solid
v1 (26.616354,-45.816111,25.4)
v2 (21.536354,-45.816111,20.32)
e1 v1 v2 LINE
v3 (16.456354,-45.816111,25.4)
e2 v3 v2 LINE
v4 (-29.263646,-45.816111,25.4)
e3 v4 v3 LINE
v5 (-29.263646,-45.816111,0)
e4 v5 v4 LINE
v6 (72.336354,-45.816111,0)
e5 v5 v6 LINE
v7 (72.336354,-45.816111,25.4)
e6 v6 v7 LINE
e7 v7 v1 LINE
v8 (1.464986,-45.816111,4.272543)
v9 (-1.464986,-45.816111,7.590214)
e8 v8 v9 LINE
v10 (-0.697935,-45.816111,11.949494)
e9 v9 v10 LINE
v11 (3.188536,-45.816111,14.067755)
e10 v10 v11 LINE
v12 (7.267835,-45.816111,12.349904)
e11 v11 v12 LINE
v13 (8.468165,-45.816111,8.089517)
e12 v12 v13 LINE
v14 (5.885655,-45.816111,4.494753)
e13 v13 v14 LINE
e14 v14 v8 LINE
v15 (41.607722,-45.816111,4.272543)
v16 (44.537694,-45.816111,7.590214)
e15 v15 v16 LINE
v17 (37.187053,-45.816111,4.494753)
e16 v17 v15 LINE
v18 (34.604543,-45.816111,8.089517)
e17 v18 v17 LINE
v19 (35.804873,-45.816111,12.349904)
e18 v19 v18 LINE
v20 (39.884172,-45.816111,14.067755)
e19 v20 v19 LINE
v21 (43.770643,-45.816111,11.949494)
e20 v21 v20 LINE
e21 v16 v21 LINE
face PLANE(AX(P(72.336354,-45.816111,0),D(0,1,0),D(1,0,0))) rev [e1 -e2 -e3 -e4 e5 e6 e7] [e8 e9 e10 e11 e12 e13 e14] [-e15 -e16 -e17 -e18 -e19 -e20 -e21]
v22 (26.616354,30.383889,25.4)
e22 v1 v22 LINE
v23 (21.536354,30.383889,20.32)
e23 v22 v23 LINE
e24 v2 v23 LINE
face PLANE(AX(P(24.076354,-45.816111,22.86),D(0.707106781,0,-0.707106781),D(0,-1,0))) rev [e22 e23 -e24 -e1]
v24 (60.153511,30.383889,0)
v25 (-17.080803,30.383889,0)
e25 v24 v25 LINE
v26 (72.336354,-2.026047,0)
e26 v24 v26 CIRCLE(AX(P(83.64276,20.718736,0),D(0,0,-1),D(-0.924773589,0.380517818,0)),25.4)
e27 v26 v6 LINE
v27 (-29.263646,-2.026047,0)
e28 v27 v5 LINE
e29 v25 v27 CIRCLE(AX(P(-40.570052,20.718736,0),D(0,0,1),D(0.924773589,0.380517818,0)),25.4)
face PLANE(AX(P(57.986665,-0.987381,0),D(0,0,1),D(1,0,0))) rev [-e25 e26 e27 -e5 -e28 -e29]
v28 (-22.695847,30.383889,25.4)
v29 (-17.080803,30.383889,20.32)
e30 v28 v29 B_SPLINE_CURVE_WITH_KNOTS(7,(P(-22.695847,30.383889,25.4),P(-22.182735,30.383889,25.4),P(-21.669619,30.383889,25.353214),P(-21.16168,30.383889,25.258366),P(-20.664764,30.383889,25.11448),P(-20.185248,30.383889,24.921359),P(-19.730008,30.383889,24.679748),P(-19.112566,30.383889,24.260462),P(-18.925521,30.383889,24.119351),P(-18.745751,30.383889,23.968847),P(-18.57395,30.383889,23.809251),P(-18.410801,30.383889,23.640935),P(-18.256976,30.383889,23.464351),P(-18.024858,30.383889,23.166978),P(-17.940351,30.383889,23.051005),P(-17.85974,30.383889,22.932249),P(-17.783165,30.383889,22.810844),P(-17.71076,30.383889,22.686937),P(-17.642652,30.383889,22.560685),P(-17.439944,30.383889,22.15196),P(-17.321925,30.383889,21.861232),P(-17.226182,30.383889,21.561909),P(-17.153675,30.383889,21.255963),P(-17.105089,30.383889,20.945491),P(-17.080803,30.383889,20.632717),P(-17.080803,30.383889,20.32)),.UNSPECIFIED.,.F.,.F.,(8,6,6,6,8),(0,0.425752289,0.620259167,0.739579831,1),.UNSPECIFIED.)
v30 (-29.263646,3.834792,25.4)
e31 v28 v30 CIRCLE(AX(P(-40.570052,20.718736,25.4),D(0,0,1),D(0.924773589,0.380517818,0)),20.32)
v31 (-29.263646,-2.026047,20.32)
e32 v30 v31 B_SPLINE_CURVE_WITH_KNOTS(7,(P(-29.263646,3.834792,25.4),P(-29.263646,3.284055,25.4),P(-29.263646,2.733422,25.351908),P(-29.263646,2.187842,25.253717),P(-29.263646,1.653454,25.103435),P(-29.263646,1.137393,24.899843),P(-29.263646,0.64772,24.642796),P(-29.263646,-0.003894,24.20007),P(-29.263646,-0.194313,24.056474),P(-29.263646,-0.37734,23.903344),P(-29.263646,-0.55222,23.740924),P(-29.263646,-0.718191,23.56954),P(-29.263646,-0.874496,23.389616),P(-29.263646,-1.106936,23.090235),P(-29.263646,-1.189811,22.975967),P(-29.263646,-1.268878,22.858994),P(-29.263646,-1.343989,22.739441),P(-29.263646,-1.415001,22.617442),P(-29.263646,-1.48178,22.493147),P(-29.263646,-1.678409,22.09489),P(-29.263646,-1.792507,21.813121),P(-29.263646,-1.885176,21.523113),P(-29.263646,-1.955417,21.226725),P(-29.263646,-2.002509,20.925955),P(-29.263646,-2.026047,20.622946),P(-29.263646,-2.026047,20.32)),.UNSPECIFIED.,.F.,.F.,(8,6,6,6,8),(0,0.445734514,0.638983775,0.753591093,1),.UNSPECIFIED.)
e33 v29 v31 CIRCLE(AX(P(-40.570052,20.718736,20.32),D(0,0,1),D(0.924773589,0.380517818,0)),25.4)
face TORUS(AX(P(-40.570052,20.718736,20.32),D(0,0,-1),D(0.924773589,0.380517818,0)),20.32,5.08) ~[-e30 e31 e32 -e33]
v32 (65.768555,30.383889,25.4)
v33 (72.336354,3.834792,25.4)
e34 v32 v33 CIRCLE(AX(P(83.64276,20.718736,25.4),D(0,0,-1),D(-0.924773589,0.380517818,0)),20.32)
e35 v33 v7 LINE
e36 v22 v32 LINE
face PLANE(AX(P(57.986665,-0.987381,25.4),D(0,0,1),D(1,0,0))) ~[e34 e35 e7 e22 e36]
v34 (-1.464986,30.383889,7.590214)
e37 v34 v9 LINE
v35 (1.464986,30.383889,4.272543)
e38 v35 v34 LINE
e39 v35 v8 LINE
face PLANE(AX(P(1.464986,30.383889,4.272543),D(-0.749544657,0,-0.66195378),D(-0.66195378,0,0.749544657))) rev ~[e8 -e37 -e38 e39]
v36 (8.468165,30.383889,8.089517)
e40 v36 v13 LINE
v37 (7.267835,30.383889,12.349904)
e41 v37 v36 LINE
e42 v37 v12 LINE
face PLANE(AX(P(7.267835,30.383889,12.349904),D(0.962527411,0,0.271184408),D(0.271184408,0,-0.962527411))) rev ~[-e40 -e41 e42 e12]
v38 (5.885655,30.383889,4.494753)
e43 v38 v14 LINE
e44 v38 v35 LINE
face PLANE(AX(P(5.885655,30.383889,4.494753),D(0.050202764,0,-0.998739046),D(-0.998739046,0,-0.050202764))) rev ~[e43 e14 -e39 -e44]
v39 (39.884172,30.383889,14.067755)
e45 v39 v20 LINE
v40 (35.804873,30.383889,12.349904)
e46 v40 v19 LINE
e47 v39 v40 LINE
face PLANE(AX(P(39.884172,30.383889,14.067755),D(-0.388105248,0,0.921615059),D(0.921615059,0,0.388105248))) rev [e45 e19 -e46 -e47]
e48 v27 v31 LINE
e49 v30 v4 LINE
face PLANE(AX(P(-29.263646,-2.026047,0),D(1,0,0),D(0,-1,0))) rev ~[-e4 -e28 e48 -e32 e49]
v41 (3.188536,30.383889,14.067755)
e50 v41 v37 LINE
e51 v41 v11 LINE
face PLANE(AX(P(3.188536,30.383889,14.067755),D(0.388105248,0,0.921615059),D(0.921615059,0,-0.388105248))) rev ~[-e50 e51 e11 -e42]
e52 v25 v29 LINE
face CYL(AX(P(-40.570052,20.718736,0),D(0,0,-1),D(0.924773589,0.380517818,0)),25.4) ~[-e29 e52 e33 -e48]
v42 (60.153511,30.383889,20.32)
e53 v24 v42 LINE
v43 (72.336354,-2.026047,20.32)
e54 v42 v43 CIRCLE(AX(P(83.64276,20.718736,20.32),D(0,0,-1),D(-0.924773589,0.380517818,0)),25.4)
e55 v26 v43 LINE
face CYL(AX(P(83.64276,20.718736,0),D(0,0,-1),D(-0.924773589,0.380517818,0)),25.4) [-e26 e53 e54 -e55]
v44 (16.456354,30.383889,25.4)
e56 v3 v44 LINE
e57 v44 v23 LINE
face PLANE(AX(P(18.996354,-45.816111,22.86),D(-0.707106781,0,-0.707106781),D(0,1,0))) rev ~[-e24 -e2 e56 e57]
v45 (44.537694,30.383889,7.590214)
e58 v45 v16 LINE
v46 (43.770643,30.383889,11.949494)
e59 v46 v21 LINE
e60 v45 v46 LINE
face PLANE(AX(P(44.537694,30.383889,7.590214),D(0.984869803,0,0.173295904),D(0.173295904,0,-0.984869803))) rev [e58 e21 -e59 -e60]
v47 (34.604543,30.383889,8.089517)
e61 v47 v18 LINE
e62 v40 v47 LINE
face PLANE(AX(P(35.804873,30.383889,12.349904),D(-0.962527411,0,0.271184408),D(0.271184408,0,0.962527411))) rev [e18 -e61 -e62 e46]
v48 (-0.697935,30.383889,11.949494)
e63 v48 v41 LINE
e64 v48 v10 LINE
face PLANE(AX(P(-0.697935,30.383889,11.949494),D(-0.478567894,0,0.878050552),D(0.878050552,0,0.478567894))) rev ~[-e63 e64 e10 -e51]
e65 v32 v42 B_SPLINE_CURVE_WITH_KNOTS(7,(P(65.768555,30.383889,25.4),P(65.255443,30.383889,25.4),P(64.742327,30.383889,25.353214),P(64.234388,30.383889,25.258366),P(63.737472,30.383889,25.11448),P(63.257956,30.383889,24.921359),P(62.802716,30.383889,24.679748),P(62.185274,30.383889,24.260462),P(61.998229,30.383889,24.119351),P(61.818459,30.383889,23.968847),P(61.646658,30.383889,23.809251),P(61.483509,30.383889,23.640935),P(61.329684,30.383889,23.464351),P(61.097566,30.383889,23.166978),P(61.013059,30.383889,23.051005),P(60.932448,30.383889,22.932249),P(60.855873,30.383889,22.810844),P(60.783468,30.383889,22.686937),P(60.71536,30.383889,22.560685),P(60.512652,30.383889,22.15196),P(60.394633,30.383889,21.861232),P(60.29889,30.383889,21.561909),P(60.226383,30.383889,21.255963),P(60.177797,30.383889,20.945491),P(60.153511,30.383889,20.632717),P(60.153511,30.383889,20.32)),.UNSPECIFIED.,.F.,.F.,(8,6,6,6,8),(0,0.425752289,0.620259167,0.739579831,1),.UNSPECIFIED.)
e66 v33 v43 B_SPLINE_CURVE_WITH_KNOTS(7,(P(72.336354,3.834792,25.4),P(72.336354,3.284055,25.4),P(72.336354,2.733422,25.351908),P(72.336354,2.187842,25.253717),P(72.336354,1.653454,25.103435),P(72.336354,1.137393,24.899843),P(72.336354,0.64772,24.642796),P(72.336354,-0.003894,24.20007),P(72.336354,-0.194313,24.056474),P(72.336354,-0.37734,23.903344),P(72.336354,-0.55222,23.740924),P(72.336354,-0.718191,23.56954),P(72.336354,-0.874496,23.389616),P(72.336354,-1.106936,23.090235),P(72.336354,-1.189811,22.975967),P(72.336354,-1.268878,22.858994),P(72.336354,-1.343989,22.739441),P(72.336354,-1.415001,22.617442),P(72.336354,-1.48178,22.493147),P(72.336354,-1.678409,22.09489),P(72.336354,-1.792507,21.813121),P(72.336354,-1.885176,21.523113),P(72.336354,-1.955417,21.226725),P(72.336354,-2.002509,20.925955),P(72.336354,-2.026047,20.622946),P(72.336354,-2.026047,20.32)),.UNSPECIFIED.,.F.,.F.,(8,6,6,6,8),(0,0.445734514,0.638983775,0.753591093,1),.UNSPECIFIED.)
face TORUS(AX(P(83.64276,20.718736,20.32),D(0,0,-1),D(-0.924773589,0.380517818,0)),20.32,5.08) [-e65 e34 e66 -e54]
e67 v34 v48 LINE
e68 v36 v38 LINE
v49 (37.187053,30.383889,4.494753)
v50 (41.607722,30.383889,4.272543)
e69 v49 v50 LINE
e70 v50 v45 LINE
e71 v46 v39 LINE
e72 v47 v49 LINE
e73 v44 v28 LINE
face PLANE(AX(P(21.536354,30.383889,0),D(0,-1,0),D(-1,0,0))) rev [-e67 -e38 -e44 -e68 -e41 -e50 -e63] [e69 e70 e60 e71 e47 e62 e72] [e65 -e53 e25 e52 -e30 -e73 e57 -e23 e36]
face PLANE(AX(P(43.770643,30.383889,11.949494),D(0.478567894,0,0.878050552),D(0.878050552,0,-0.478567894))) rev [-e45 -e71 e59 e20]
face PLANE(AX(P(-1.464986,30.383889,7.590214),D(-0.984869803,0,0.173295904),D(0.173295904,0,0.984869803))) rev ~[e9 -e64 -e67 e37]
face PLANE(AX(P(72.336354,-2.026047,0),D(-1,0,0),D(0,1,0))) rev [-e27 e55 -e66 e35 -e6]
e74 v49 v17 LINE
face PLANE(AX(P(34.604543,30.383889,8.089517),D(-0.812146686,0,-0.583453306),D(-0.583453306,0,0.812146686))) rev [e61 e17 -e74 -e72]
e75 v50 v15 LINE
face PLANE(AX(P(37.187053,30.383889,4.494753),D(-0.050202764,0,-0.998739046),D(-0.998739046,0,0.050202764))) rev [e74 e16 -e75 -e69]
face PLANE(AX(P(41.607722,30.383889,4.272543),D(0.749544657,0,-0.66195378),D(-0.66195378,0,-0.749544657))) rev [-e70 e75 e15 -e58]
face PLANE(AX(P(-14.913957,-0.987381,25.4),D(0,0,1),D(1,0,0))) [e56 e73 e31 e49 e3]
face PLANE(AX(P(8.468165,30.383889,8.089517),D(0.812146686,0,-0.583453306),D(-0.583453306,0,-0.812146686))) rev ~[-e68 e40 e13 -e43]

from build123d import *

# Parameters (mm, degrees)
F1_DEPTH = 25.4
F3_DEPTH = 76.2
F4_SIZE  = 5.08
F5_R     = 5.08


with BuildPart() as f1:
    # F0 (on Top) → F1 (new body)
    with BuildSketch(Plane.XY):
        with BuildLine():
            Line((-29.263646, -2.026047), (-29.263646, -45.816111))
            Line((-29.263646, -45.816111), (21.536354, -45.816111))
            Line((21.536354, -45.816111), (21.536354, 30.383889))
            Line((21.536354, 30.383889), (-17.080803, 30.383889))
            ThreePointArc((-17.080803, 30.383889), (-64.345783, 29.655996), (-29.263646, -2.026047))
        make_face()
    extrude(amount=F1_DEPTH)

    # F2 (on face) → F3 (cut)
    with BuildSketch(Plane(origin=(0, 30.383889, 0), x_dir=(-1, 0, 0), z_dir=(0, 1, 0))):
        Polygon((-1.464986, 4.272543), (1.464986, 7.590214), (0.697935, 11.949494), (-3.188536, 14.067755), (-7.267835, 12.349904), (-8.468165, 8.089517), (-5.885655, 4.494753), align=None)
    extrude(amount=-F3_DEPTH, mode=Mode.SUBTRACT)

    # F4
    f4_edges = [f1.edges().sort_by_distance(p)[0] for p in [
        (21.536354, -7.716111, 25.4),
    ]]
    chamfer(f4_edges, length=F4_SIZE)

    # F5
    f5_edges = [f1.edges().sort_by_distance(p)[0] for p in [
        (-64.345783, 29.655996, 25.4),
    ]]
    fillet(f5_edges, radius=F5_R)

    # F6: F1 across face


with BuildPart() as f1_1:
    add(f1.part)
    add(f1.part.mirror(Plane(origin=(21.536354, -7.716111, 10.16), x_dir=(0, 1, 0), z_dir=(1, 0, 0))))


solid = f1_1.part
